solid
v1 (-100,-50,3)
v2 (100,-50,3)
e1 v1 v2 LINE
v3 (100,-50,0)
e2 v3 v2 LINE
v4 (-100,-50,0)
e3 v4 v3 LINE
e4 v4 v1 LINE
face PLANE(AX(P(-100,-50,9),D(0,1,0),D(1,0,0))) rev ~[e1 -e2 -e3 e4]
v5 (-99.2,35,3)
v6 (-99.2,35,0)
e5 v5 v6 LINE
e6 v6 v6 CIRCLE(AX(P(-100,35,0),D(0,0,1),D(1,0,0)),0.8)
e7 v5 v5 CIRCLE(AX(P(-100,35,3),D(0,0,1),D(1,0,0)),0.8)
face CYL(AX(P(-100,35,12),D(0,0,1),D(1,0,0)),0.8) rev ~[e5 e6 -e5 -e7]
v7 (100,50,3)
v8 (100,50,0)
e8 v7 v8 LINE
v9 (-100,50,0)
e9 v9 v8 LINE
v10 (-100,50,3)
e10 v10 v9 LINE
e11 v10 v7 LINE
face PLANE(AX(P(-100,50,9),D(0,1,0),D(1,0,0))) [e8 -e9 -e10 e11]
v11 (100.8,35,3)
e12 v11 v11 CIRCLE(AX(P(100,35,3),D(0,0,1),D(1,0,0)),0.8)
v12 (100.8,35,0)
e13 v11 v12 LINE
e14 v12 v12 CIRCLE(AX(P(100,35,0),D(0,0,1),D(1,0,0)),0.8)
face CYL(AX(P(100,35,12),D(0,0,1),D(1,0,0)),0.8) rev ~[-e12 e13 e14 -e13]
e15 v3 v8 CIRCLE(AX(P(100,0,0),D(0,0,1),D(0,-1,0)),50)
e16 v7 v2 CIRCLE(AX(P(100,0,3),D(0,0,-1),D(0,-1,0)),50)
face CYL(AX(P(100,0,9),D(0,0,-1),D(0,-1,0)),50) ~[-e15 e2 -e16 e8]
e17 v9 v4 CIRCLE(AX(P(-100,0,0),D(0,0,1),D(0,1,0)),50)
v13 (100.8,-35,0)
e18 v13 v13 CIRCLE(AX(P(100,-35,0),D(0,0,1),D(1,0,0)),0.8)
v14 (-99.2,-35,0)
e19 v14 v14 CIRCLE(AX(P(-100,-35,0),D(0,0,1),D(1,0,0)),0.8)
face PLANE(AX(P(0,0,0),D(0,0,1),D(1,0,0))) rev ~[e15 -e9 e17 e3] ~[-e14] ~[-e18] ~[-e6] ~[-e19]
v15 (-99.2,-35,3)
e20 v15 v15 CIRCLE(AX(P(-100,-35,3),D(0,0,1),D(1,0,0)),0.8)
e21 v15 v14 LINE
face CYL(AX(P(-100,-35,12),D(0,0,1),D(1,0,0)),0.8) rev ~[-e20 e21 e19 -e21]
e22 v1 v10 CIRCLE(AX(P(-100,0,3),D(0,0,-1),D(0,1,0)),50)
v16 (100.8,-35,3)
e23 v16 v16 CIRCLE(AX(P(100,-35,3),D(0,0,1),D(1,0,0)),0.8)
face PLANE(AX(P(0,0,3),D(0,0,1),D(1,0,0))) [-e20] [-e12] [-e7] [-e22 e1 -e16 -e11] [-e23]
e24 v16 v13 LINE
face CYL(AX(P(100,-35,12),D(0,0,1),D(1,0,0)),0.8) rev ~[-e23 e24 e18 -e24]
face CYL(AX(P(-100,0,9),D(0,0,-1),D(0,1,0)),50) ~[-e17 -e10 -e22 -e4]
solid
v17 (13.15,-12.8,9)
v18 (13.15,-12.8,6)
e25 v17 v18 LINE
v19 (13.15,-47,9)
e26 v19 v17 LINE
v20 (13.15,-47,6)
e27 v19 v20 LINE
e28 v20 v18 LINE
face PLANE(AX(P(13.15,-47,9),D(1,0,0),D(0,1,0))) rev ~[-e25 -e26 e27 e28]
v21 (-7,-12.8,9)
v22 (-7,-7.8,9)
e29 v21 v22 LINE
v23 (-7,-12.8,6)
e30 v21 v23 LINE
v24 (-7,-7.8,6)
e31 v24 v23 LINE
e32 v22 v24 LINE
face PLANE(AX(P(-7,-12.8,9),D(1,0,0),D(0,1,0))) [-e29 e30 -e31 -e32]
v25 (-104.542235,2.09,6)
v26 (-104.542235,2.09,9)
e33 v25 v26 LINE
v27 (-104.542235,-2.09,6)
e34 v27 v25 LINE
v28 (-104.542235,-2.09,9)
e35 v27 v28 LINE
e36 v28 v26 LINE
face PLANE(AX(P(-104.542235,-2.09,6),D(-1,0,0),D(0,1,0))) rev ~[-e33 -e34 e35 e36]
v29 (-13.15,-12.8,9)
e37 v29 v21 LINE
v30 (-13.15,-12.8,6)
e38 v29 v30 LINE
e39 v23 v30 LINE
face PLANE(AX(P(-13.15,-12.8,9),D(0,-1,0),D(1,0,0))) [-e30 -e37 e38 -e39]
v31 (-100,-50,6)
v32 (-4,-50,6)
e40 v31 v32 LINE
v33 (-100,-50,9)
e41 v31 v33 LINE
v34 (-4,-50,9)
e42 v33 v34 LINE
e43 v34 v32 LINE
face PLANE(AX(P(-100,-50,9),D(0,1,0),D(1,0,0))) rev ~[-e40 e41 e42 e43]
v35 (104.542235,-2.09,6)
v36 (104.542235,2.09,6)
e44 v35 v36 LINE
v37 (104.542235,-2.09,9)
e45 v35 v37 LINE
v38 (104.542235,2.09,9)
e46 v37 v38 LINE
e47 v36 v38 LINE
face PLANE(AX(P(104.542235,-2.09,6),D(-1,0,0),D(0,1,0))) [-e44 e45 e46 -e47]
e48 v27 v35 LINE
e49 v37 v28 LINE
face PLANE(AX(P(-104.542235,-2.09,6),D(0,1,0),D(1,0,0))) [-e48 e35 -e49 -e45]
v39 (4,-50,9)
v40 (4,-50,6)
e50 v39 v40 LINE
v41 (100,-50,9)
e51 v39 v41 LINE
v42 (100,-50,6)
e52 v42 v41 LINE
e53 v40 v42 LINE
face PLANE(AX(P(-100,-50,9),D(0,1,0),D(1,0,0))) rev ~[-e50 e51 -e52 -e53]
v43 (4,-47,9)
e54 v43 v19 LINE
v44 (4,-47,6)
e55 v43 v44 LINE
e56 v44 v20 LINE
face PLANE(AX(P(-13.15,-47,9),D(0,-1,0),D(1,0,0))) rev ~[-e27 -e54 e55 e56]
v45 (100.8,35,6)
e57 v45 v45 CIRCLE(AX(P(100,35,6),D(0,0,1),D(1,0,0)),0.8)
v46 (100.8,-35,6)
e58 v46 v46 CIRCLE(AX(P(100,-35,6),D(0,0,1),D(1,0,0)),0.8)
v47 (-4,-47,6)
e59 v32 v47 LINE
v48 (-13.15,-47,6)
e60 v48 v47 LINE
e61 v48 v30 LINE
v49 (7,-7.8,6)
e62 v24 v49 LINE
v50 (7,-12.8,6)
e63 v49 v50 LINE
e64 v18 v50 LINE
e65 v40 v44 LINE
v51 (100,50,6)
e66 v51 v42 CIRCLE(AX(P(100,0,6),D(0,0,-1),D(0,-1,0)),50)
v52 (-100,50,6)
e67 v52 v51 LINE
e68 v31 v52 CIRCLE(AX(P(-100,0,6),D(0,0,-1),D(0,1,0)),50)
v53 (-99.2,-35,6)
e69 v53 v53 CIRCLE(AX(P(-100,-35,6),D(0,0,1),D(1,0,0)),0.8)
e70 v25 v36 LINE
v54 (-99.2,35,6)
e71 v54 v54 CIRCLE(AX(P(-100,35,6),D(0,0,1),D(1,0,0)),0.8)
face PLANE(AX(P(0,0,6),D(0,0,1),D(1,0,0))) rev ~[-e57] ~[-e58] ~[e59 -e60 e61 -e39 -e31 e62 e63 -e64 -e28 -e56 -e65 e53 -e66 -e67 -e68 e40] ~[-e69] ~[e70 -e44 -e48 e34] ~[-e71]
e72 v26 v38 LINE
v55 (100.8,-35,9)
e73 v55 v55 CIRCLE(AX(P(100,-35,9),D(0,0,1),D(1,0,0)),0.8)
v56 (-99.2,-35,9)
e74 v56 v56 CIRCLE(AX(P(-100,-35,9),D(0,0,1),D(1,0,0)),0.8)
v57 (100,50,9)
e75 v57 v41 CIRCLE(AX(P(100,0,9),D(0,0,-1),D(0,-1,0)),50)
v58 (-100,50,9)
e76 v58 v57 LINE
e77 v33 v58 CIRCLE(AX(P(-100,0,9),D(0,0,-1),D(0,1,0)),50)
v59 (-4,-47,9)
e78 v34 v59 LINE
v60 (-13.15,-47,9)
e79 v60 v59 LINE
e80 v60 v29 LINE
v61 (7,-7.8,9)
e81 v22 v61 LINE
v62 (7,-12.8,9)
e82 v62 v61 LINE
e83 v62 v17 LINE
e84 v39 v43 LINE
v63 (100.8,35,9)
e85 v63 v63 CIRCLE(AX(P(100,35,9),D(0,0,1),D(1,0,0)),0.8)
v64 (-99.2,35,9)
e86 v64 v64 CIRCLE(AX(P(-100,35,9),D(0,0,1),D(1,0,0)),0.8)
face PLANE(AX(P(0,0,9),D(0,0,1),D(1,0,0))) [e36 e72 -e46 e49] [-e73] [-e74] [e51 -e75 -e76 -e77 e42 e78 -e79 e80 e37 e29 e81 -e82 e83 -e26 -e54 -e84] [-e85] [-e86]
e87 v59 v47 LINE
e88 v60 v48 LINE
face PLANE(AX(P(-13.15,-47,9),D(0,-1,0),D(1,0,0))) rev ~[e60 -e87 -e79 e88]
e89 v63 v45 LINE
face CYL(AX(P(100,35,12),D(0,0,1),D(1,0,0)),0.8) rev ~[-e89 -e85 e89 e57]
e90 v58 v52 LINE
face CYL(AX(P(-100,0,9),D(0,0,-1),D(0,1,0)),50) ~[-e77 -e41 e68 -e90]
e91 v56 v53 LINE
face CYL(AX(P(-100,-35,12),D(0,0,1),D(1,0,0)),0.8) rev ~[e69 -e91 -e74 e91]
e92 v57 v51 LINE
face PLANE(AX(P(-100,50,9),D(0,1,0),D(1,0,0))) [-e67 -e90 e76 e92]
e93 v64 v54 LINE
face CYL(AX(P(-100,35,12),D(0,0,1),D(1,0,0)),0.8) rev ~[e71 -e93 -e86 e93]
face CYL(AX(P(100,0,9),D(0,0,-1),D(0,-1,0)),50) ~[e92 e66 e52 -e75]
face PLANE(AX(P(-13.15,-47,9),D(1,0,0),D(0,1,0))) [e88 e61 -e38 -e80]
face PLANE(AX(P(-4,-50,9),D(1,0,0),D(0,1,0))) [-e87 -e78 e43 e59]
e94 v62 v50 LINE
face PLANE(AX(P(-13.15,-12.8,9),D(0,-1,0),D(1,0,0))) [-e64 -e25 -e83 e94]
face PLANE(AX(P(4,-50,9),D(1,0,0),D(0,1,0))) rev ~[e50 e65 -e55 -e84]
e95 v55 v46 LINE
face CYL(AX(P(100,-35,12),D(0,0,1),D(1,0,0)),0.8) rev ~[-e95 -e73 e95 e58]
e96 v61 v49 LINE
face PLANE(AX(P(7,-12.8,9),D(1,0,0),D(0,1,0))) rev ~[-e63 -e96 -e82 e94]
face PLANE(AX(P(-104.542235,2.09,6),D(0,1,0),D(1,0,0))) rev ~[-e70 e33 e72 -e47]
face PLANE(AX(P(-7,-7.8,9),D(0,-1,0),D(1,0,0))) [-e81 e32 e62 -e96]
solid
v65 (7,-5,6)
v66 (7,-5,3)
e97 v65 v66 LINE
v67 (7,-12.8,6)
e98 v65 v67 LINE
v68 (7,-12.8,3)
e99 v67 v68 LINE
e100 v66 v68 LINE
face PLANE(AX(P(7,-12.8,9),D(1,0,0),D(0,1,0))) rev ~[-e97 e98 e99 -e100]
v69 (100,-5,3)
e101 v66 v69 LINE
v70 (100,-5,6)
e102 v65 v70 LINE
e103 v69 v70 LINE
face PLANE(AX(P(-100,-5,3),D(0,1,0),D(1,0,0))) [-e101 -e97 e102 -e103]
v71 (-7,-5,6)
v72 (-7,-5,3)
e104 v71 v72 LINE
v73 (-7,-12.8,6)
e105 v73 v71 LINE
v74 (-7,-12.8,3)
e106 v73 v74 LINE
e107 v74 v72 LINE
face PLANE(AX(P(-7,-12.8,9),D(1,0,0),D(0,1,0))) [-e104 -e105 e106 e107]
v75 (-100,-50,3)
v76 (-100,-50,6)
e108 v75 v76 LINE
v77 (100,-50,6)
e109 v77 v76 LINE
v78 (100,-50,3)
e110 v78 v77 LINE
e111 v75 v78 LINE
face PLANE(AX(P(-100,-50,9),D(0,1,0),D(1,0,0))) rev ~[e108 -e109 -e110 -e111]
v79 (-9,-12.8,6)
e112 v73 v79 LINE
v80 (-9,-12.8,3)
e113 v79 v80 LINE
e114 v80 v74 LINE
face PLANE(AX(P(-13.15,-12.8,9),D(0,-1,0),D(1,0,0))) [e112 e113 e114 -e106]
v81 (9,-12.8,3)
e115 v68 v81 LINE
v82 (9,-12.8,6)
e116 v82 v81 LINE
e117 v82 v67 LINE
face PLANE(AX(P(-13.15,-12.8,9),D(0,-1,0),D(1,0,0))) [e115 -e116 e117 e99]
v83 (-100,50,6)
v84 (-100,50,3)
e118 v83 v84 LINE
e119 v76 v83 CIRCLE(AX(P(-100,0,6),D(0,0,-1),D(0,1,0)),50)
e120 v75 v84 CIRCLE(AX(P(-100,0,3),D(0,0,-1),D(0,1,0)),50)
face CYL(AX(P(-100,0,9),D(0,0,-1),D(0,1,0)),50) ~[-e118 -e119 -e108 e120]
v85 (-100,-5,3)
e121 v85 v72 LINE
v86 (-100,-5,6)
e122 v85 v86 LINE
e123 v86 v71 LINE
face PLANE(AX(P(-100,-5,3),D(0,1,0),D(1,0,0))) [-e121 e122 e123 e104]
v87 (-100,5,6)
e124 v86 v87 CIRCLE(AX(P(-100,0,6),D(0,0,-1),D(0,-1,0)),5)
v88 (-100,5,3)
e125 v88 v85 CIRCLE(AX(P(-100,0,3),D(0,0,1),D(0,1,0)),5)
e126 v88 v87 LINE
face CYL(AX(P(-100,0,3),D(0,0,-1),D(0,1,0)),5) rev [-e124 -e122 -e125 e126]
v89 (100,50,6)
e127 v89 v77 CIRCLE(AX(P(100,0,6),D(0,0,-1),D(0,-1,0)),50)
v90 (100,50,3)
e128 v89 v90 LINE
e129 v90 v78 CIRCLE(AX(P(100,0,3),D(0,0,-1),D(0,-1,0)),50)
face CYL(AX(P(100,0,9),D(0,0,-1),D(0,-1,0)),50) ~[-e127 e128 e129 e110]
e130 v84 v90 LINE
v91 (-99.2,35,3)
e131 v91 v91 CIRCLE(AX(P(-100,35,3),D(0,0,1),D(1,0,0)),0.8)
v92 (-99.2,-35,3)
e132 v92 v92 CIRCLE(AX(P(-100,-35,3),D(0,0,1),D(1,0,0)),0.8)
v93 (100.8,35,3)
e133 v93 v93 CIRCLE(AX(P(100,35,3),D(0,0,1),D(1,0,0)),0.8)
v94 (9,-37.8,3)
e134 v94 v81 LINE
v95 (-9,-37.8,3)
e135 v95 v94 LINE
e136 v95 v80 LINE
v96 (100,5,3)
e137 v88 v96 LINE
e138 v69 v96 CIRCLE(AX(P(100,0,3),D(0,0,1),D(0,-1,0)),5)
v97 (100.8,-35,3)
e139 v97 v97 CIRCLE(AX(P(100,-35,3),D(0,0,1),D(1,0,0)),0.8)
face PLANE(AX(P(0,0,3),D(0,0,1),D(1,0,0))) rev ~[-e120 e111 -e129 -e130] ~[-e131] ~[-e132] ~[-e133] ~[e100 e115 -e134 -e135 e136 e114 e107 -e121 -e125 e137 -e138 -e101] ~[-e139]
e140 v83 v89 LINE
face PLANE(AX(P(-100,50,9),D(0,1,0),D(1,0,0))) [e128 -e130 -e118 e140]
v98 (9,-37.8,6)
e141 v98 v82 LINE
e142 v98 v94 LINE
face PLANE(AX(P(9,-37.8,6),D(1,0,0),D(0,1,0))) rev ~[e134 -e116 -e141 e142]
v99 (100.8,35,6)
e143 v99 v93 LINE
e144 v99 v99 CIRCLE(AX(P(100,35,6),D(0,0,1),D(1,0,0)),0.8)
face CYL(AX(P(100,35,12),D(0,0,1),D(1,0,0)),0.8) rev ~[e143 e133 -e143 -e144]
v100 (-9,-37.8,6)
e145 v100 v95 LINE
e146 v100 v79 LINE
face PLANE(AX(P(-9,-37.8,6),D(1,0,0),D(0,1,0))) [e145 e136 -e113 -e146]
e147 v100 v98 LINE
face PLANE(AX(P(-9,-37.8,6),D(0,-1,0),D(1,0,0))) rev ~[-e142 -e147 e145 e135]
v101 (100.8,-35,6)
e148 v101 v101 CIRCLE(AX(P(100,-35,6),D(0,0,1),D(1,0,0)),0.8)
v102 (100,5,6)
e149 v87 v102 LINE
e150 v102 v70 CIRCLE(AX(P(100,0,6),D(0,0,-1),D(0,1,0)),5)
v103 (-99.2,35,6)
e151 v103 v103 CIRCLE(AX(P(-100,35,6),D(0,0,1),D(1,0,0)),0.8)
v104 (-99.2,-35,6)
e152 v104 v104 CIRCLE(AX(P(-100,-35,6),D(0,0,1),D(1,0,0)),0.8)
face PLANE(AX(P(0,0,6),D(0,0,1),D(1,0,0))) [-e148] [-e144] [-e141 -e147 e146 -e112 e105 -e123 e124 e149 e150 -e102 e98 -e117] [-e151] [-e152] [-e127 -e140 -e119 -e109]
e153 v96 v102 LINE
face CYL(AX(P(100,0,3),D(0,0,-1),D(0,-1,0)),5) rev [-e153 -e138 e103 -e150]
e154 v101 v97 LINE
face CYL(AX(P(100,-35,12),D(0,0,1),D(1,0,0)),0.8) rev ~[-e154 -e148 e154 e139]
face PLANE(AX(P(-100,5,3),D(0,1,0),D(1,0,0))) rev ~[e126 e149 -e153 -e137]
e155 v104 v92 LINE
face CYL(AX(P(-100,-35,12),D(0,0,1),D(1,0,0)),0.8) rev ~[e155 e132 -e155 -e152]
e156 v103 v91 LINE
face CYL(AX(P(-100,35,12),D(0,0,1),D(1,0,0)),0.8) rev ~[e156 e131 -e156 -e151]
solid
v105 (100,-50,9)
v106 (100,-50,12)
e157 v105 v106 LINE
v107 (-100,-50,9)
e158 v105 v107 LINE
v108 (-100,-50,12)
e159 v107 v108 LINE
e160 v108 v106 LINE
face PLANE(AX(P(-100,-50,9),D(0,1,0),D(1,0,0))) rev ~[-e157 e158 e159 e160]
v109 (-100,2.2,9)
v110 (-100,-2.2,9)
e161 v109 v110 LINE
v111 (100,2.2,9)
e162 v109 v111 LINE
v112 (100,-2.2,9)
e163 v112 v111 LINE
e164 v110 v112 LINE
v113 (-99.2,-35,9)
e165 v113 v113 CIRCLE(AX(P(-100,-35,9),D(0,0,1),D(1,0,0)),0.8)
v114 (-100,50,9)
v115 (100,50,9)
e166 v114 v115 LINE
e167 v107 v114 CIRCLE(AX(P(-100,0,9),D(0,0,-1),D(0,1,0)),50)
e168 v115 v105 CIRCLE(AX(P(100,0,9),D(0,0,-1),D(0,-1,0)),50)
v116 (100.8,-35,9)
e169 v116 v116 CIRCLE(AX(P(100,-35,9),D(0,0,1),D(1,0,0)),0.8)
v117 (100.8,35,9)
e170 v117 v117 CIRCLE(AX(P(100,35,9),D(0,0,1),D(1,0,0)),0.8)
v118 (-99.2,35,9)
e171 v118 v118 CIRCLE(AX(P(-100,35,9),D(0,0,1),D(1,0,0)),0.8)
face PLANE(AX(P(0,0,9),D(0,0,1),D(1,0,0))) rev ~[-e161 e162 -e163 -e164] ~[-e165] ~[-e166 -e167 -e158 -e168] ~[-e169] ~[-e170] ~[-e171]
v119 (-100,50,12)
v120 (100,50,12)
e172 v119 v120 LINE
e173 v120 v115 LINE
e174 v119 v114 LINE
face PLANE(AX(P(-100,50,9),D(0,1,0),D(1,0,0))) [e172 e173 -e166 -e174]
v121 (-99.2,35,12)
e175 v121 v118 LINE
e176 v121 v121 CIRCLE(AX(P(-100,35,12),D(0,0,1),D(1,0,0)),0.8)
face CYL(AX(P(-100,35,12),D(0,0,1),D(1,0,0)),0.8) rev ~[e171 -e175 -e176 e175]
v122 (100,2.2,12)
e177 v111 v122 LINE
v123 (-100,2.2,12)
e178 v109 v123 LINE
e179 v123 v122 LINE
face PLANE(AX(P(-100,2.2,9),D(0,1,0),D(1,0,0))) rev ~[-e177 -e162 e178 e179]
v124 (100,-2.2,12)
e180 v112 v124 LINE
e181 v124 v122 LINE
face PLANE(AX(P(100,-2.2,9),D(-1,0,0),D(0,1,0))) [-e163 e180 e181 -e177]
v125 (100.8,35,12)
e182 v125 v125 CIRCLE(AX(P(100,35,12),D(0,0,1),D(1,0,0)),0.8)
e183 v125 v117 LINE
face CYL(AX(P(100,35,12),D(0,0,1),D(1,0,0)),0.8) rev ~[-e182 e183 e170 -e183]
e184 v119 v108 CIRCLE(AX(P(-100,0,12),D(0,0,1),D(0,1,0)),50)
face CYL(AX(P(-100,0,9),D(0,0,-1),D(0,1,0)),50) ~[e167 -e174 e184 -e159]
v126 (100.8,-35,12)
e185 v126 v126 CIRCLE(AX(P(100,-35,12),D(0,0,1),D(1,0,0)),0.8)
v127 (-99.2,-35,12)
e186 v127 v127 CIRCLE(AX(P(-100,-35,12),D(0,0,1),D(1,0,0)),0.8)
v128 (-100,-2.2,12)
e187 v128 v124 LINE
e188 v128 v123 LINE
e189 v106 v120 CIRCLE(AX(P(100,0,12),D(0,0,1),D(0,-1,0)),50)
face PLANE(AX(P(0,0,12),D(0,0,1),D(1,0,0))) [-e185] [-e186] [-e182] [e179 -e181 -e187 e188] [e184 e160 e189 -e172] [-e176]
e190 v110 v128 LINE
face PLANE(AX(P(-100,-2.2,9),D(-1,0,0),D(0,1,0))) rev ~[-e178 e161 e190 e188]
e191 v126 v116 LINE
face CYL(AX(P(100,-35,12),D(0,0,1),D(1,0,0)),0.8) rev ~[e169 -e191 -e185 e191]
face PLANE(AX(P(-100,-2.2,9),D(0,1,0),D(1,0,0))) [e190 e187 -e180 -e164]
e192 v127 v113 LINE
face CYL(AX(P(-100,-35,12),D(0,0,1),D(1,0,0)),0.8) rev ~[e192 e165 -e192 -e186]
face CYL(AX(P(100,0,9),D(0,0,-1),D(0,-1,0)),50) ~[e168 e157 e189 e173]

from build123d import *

# Parameters (mm, degrees)
BOX_BOTTOM_HALF_1_W     = 301.98633
BOX_BOTTOM_HALF_1_H     = 102
BOX_BOTTOM_HALF_1_DEPTH = 4
BOX_BOTTOM_HALF_0_W     = 301.98633
BOX_BOTTOM_HALF_0_H     = 102
BOX_BOTTOM_HALF_0_DEPTH = 7
PAD_DEPTH               = 3
PAD001_DEPTH            = 3
SKETCH002_W             = 209.08447
SKETCH002_H             = 4.18
PAD002_DEPTH            = 3
SKETCH003_W             = 26.3
SKETCH003_H             = 34.2
POCKET_DEPTH            = 3
SKETCH004_W             = 18
SKETCH004_H             = 25
POCKET001_DEPTH         = 3
SKETCH005_W             = 14
SKETCH005_H             = 5
POCKET002_DEPTH         = 6
SKETCH006_W             = 14
SKETCH006_H             = 3
POCKET003_DEPTH         = 3
SKETCH007_W             = 8
SKETCH007_H             = 3
POCKET004_DEPTH         = 3
SKETCH008_W             = 200
SKETCH008_H             = 4.4
PAD003_DEPTH            = 3
SKETCH009_R             = 0.8
POCKET005_DEPTH         = 12
BOX_BOTTOM_HALF_2_W     = 301.98633
BOX_BOTTOM_HALF_2_H     = 102
BOX_BOTTOM_HALF_2_DEPTH = 4


with BuildPart() as box_bottom_half_1_body:
    # box_bottom_half_1 → box_bottom_half_1 (new body)
    with BuildSketch(Plane(origin=(-150.993165, -51, -1), x_dir=(1, 0, 0), z_dir=(0, 0, 1))):
        with Locations((150.993165, 51)):
            Rectangle(BOX_BOTTOM_HALF_1_W, BOX_BOTTOM_HALF_1_H)
    extrude(amount=BOX_BOTTOM_HALF_1_DEPTH)


with BuildPart() as box_bottom_half_0_body:
    # box_bottom_half_0 → box_bottom_half_0 (new body)
    with BuildSketch(Plane(origin=(-150.993165, -51, -1), x_dir=(1, 0, 0), z_dir=(0, 0, 1))):
        with Locations((150.993165, 51)):
            Rectangle(BOX_BOTTOM_HALF_0_W, BOX_BOTTOM_HALF_0_H)
    extrude(amount=BOX_BOTTOM_HALF_0_DEPTH)


with BuildPart() as body:
    # Sketch → Pad (new body)
    with BuildSketch(Plane.XY):
        with BuildLine():
            ThreePointArc((-100, 50), (-150, 0), (-100, -50))
            Line((-100, -50), (100, -50))
            ThreePointArc((100, -50), (150, 0), (100, 50))
            Line((-100, 50), (100, 50))
        make_face()
    extrude(amount=PAD_DEPTH)

    # Sketch001 (on Face6 of Pad) → Pad001 (join)
    with BuildSketch(Plane.XY.offset(3)):
        with BuildLine():
            ThreePointArc((-100, 50), (-150, 0), (-100, -50))
            Line((-100, -50), (100, -50))
            ThreePointArc((100, -50), (150, 0), (100, 50))
            Line((-100, 50), (100, 50))
        make_face()
        with BuildLine():
            ThreePointArc((-100, 5), (-105, 0), (-100, -5))
            Line((-100, -5), (100, -5))
            ThreePointArc((100, -5), (105, 0), (100, 5))
            Line((-100, 5), (100, 5))
        make_face(mode=Mode.SUBTRACT)
    extrude(amount=PAD001_DEPTH)

    # Sketch002 (on Face9 of Pad001) → Pad002 (join)
    with BuildSketch(Plane.XY.offset(6)):
        with BuildLine():
            ThreePointArc((-100, 50), (-150, 0), (-100, -50))
            Line((-100, -50), (100, -50))
            ThreePointArc((100, -50), (150, 0), (100, 50))
            Line((-100, 50), (100, 50))
        make_face()
        Rectangle(SKETCH002_W, SKETCH002_H, mode=Mode.SUBTRACT)
    extrude(amount=PAD002_DEPTH)

    # Sketch003 (on Face13 of Pad002) → Pocket (cut)
    with BuildSketch(Plane.XY.offset(9)):
        with Locations((0, -29.9)):
            Rectangle(SKETCH003_W, SKETCH003_H)
    extrude(amount=-POCKET_DEPTH, mode=Mode.SUBTRACT)

    # Sketch004 (on Face27 of Pocket) → Pocket001 (cut)
    with BuildSketch(Plane.XY.offset(6)):
        with Locations((0, -25.3)):
            Rectangle(SKETCH004_W, SKETCH004_H)
    extrude(amount=-POCKET001_DEPTH, mode=Mode.SUBTRACT)

    # Sketch005 (on Face13 of Pocket001) → Pocket002 (cut)
    with BuildSketch(Plane.XY.offset(9)):
        with Locations((0, -10.3)):
            Rectangle(SKETCH005_W, SKETCH005_H)
    extrude(amount=-POCKET002_DEPTH, mode=Mode.SUBTRACT)

    # Sketch006 (on Face23 of Pocket002) → Pocket003 (cut)
    with BuildSketch(Plane.XZ.offset(7.8)):
        with Locations((0, 4.5)):
            Rectangle(SKETCH006_W, SKETCH006_H)
    extrude(amount=-POCKET003_DEPTH, mode=Mode.SUBTRACT)

    # Sketch007 (on Face13 of Pocket003) → Pocket004 (cut)
    with BuildSketch(Plane.XY.offset(9)):
        with Locations((0, -48.5)):
            Rectangle(SKETCH007_W, SKETCH007_H)
    extrude(amount=-POCKET004_DEPTH, mode=Mode.SUBTRACT)

    # Sketch008 (on Face15 of Pocket004) → Pad003 (join)
    with BuildSketch(Plane.XY.offset(9)):
        with BuildLine():
            ThreePointArc((-100, 50), (-150, 0), (-100, -50))
            Line((-100, -50), (100, -50))
            ThreePointArc((100, -50), (150, 0), (100, 50))
            Line((-100, 50), (100, 50))
        make_face()
        Rectangle(SKETCH008_W, SKETCH008_H, mode=Mode.SUBTRACT)
    extrude(amount=PAD003_DEPTH)

    # Sketch009 (on Face22 of Pad003) → Pocket005 (cut)
    with BuildSketch(Plane.XY.offset(12)):
        with Locations((-100, 35)):
            Circle(SKETCH009_R)
        with Locations((-100, -35)):
            Circle(SKETCH009_R)
        with Locations((100, 35)):
            Circle(SKETCH009_R)
        with Locations((100, -35)):
            Circle(SKETCH009_R)
    extrude(amount=-POCKET005_DEPTH, mode=Mode.SUBTRACT)


with BuildPart() as bottom_half_0_body:
    # bottom_half_0 base: copy of Body
    add(body.part)

    # bottom_half_0: intersect box_bottom_half_0 body
    add(box_bottom_half_0_body.part, mode=Mode.INTERSECT)


with BuildPart() as bottom_half_1_body:
    # bottom_half_1 base: copy of bottom_half_0 body
    add(bottom_half_0_body.part)

    # bottom_half_1: intersect box_bottom_half_1 body
    add(box_bottom_half_1_body.part, mode=Mode.INTERSECT)


with BuildPart() as top_half_1_body:
    # top_half_1 base: copy of bottom_half_0 body
    add(bottom_half_0_body.part)

    # top_half_1: cut box_bottom_half_1 body
    add(box_bottom_half_1_body.part, mode=Mode.SUBTRACT)


with BuildPart() as box_bottom_half_2_body:
    # box_bottom_half_2 → box_bottom_half_2 (new body)
    with BuildSketch(Plane(origin=(-150.993165, -51, 5), x_dir=(1, 0, 0), z_dir=(0, 0, 1))):
        with Locations((150.993165, 51)):
            Rectangle(BOX_BOTTOM_HALF_2_W, BOX_BOTTOM_HALF_2_H)
    extrude(amount=BOX_BOTTOM_HALF_2_DEPTH)


with BuildPart() as top_half_0_body:
    # top_half_0 base: copy of Body
    add(body.part)

    # top_half_0: cut box_bottom_half_0 body
    add(box_bottom_half_0_body.part, mode=Mode.SUBTRACT)


with BuildPart() as bottom_half_2_body:
    # bottom_half_2 base: copy of top_half_0 body
    add(top_half_0_body.part)

    # bottom_half_2: intersect box_bottom_half_2 body
    add(box_bottom_half_2_body.part, mode=Mode.INTERSECT)


with BuildPart() as top_half_2_body:
    # top_half_2 base: copy of top_half_0 body
    add(top_half_0_body.part)

    # top_half_2: cut box_bottom_half_2 body
    add(box_bottom_half_2_body.part, mode=Mode.SUBTRACT)


solid = Compound([bottom_half_1_body.part, top_half_1_body.part, bottom_half_2_body.part, top_half_2_body.part])
